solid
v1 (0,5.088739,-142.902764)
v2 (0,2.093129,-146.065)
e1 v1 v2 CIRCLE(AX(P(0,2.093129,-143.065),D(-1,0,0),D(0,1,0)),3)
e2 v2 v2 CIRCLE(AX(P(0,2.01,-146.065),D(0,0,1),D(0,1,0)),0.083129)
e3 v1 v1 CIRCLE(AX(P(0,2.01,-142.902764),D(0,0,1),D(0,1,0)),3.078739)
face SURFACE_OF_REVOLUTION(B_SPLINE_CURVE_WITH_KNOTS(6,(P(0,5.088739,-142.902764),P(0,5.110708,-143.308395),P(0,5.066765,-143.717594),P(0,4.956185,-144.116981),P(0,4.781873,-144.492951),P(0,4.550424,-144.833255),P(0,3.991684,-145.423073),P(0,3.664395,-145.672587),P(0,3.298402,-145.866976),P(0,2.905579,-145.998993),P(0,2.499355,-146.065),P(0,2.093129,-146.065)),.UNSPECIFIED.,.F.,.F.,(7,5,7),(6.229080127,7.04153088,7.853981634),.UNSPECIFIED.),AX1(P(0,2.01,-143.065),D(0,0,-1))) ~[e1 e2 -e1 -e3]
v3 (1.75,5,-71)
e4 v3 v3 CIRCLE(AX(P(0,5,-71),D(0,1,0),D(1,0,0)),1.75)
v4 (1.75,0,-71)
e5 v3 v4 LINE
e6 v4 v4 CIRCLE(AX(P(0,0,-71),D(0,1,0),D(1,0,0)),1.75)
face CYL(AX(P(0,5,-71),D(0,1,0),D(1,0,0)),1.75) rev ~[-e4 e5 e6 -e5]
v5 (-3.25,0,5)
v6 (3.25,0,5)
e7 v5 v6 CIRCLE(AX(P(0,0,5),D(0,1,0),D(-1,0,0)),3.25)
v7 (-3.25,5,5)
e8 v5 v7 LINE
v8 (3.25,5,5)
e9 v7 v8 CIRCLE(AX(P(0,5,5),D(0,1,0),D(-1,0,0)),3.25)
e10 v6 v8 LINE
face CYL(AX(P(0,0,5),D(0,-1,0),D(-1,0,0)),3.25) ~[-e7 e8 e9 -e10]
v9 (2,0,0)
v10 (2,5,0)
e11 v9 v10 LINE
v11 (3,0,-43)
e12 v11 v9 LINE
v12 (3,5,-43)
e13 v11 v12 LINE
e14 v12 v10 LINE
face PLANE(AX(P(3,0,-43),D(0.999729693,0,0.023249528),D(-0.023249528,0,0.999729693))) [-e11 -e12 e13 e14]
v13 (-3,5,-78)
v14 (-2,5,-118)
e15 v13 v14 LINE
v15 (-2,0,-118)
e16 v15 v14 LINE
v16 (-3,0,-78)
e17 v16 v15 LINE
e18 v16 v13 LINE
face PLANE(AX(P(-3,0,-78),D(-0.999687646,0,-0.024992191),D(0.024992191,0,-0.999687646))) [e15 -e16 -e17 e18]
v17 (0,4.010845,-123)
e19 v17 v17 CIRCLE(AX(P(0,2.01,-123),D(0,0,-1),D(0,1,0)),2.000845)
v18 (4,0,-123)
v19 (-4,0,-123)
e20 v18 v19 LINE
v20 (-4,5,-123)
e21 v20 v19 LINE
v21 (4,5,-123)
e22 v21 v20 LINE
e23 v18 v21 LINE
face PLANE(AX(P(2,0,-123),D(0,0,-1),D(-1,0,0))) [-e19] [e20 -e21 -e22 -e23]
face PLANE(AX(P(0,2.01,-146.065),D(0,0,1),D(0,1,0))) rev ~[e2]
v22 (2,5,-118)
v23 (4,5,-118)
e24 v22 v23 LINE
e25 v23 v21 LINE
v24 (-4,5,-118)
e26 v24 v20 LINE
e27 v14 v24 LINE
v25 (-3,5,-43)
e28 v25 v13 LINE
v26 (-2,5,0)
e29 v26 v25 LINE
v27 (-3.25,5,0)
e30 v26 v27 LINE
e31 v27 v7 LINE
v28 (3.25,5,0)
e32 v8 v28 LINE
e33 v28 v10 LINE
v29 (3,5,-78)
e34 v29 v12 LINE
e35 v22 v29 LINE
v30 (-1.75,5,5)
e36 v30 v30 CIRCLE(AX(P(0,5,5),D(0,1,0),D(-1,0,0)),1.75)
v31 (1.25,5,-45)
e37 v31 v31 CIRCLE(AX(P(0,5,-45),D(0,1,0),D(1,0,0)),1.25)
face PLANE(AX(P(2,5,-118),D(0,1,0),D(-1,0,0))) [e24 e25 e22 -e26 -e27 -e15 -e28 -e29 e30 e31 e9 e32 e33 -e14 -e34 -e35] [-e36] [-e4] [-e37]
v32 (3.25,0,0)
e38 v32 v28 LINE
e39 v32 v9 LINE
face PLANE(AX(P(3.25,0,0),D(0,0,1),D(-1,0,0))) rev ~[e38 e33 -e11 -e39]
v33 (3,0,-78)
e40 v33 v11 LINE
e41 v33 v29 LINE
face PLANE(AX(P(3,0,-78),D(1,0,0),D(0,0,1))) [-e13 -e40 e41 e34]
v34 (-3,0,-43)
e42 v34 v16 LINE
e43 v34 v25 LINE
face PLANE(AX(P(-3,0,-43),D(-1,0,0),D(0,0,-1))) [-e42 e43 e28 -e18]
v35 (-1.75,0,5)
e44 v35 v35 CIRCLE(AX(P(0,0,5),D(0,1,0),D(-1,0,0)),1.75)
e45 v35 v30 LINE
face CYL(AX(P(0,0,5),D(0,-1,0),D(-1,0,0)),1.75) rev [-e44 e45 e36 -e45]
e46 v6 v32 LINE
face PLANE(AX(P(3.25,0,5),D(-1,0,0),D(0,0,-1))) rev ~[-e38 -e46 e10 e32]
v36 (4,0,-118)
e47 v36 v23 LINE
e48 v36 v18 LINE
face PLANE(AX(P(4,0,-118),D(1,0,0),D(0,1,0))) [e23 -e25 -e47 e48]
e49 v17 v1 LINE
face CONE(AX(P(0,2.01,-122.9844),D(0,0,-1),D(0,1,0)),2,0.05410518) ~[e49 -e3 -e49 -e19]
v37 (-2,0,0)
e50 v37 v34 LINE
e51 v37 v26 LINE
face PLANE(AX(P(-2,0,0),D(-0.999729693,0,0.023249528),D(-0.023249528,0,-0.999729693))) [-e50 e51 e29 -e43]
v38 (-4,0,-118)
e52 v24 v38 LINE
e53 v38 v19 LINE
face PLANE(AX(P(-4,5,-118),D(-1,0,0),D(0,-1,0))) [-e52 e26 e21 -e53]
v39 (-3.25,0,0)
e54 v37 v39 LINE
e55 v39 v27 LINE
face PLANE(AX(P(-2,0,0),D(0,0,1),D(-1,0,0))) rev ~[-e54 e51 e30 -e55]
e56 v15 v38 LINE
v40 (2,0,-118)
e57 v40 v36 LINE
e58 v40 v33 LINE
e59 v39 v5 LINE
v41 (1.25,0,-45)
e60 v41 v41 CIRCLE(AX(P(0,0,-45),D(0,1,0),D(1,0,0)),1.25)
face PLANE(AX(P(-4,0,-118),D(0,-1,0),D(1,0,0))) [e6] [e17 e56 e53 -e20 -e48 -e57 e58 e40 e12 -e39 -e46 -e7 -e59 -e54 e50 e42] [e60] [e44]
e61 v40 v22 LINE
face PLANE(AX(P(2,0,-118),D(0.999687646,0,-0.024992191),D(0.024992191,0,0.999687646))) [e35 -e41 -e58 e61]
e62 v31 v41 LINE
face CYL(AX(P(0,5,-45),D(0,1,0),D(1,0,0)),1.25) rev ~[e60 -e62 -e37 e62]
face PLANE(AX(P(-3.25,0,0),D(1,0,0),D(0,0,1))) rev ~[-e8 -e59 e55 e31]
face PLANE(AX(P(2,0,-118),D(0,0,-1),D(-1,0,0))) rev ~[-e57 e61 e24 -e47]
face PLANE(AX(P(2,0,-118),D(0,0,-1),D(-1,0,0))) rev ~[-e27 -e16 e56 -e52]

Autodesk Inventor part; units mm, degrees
ref_plane "XZ Plane" through (0, 0, 0) normal (0, 1, 0) x (-1, 0, 0)
ref_plane "XY Plane" through (0, 0, 0) normal (0, 0, 1) x (1, 0, 0)
sketch "Sketch1" plane through (0, 0, 0) normal (0, 1, 0) x (-1, 0, 0)
  line L0 (-3.25, 5) -> (-3.25, 0)
  line L1 (-3.25, 0) -> (3.25, 0)
  line L2 (3.25, 0) -> (3.25, 5)
  line L3 (2, 0) -> (-2, 0)
  line L4 (3, -43) -> (3, -78)
  line L5 (-3, -78) -> (-3, -43)
  line L6 (2, -118) -> (-2, -118)
  circle A0 centre (0, 5) radius 1.75
  arc A1 (3.25, 5) -> (-3.25, 5) centre (0, 5) ccw
  line L7 (2, 0) -> (3, -43)
  line L8 (-3, -43) -> (-2, 0)
  line L9 (3, -78) -> (2, -118)
  line L10 (-2, -118) -> (-3, -78)
  point P0 (0, 0)
  point P1 (0, 0)
  point P2 (0, 0)
  point P3 (0, -43)
  point P4 (0, -78)
  dimension "d0" = 6.5
  dimension "d1" = 5
  dimension "d2" = 6
  dimension "d3" = 4
  dimension "d4" = 3.5
  dimension "d5" = 90
  dimension "d6" = 91.332
  dimension "d7" = 88.568
  dimension "d8" = 91.332
  dimension "d9" = 88.568
  dimension "d10" = 118
  dimension "d11" = 0.25
  dimension "d12" = 6.25
  dimension "d13" = 1.9995
  dimension "d14" = 43
  dimension "d15" = 3.25
  dimension "d16" = 78
  dimension "d17" = 3.25
  dimension "d18" = 0
  dimension "d19" = 3.25
extrude "Extrusion1" add sketch "Sketch1" along normal blind 5
sketch "Sketch2" plane through (0, 5, 0) normal (0, 1, 0) x (1, 0, 0)
  circle A0 centre (0, 45) radius 1.25
  circle A1 centre (0, 71) radius 1.75
  circle A2 centre (0, -5) radius 1.75 construction
  circle A3 centre (0, -5) radius 1.75 construction
  point P0 (0, 0)
  point P1 (0, 0)
  dimension "d22" = 2.5
  dimension "d23" = 3.5
  dimension "d25" = 3.5
  dimension "d26" = 50
  dimension "d116" = 45
  dimension "d117" = 0
  dimension "d118" = 76
extrude "Extrusion2" cut sketch "Sketch2" against normal through all
sketch "Sketch6" plane through (2, 0, -118) normal (0, 0, -1) x (-1, 0, 0)
  line L0 (0, 5) -> (4, 5) projected
  line L1 (0.75, 5) -> (3.25, 5) projected
  line L2 (2, 5) -> (-2, 5)
  line L3 (2, 5) -> (6, 5)
  line L4 (6, 5) -> (6, 0)
  line L5 (6, 0) -> (-2, 0)
  line L6 (5.25, 0) -> (-1.25, 0) projected
  line L7 (-2, 0) -> (-2, 5)
  dimension "d43" = 4
  dimension "d44" = 4
  dimension "d45" = 5
  dimension "d46" = 8
extrude "Extrusion5" add sketch "Sketch6" along normal blind 5
ref_plane "Work Plane1" through (0, 0, 0) normal (1, 0, 0) x (0, 1, 0)
sketch "Sketch11" plane through (0, 0, 0) normal (1, 0, 0) x (0, 1, 0)
  line L0 (4.51, -121.065) -> (4.51, -116.065) construction
  line L1 (2.01, -122.9844) -> (4.01, -122.9844)
  line L2 (4.01, -122.9844) -> (5.26, -146.065)
  line L3 (5.26, -146.065) -> (2.01, -146.065)
  line L4 (2.01, -146.065) -> (2.01, -122.9844)
  line L5 (0, -118) -> (5, -118) projected
  line L6 (5, -43.75) -> (5, -46.25) projected
  line L7 (5, -69.25) -> (5, -72.75) projected
  line L8 (5, 6.75) -> (5, 3.25) projected
  line L9 (5, 5) -> (5, 5) projected
  line L10 (5, 5) -> (5, 0) projected
  line L11 (5, 0) -> (5, -43) projected
  line L12 (5, -43) -> (5, -78) projected
  line L13 (5, -78) -> (5, -118) projected
  line L14 (5, -118) -> (5, -123) projected
  line L15 (5, -118) -> (5, -123) projected
  line L16 (5, -118) -> (5, -78) projected
  line L17 (5, -78) -> (5, -43) projected
  line L18 (5, -43) -> (5, 0) projected
  line L19 (5, 0) -> (5, 5) projected
  line L20 (0.51, -143.3532) -> (0.51, -134.9626)
  line L21 (4.635, -134.5247) -> (4.635, -134.5247)
  line L22 (7.1466, -143.3532) -> (7.1466, -134.9626)
  point P0 (0, 0)
  point P1 (0, 0)
  dimension "d67" = 2
  dimension "d68" = 3.25
  dimension "d72" = 2.6467
  dimension "d73" = 30
  dimension "d76" = 2.6467
  dimension "d78" = 1.5
  dimension "d80" = 177.138
  dimension "d81" = 6.6366
  dimension "d82" = 3.1
  dimension "d107" = 0.49
  dimension "d109" = 16.9626
  dimension "d110" = 25.3532
  dimension "d111" = 3.065
  dimension "d112" = 16.9626
  dimension "d113" = 25.3532
  dimension "d114" = 7.1466
revolve "Revolution2" add sketch "Sketch11" angle 360 about axis through (0, 2.01, -146.065) along (0, 0, 1)
fillet "Fillet1" radius 3 1 edges at (0, -1.24, -146.065)
properties part number "reverse gear rever lever"
